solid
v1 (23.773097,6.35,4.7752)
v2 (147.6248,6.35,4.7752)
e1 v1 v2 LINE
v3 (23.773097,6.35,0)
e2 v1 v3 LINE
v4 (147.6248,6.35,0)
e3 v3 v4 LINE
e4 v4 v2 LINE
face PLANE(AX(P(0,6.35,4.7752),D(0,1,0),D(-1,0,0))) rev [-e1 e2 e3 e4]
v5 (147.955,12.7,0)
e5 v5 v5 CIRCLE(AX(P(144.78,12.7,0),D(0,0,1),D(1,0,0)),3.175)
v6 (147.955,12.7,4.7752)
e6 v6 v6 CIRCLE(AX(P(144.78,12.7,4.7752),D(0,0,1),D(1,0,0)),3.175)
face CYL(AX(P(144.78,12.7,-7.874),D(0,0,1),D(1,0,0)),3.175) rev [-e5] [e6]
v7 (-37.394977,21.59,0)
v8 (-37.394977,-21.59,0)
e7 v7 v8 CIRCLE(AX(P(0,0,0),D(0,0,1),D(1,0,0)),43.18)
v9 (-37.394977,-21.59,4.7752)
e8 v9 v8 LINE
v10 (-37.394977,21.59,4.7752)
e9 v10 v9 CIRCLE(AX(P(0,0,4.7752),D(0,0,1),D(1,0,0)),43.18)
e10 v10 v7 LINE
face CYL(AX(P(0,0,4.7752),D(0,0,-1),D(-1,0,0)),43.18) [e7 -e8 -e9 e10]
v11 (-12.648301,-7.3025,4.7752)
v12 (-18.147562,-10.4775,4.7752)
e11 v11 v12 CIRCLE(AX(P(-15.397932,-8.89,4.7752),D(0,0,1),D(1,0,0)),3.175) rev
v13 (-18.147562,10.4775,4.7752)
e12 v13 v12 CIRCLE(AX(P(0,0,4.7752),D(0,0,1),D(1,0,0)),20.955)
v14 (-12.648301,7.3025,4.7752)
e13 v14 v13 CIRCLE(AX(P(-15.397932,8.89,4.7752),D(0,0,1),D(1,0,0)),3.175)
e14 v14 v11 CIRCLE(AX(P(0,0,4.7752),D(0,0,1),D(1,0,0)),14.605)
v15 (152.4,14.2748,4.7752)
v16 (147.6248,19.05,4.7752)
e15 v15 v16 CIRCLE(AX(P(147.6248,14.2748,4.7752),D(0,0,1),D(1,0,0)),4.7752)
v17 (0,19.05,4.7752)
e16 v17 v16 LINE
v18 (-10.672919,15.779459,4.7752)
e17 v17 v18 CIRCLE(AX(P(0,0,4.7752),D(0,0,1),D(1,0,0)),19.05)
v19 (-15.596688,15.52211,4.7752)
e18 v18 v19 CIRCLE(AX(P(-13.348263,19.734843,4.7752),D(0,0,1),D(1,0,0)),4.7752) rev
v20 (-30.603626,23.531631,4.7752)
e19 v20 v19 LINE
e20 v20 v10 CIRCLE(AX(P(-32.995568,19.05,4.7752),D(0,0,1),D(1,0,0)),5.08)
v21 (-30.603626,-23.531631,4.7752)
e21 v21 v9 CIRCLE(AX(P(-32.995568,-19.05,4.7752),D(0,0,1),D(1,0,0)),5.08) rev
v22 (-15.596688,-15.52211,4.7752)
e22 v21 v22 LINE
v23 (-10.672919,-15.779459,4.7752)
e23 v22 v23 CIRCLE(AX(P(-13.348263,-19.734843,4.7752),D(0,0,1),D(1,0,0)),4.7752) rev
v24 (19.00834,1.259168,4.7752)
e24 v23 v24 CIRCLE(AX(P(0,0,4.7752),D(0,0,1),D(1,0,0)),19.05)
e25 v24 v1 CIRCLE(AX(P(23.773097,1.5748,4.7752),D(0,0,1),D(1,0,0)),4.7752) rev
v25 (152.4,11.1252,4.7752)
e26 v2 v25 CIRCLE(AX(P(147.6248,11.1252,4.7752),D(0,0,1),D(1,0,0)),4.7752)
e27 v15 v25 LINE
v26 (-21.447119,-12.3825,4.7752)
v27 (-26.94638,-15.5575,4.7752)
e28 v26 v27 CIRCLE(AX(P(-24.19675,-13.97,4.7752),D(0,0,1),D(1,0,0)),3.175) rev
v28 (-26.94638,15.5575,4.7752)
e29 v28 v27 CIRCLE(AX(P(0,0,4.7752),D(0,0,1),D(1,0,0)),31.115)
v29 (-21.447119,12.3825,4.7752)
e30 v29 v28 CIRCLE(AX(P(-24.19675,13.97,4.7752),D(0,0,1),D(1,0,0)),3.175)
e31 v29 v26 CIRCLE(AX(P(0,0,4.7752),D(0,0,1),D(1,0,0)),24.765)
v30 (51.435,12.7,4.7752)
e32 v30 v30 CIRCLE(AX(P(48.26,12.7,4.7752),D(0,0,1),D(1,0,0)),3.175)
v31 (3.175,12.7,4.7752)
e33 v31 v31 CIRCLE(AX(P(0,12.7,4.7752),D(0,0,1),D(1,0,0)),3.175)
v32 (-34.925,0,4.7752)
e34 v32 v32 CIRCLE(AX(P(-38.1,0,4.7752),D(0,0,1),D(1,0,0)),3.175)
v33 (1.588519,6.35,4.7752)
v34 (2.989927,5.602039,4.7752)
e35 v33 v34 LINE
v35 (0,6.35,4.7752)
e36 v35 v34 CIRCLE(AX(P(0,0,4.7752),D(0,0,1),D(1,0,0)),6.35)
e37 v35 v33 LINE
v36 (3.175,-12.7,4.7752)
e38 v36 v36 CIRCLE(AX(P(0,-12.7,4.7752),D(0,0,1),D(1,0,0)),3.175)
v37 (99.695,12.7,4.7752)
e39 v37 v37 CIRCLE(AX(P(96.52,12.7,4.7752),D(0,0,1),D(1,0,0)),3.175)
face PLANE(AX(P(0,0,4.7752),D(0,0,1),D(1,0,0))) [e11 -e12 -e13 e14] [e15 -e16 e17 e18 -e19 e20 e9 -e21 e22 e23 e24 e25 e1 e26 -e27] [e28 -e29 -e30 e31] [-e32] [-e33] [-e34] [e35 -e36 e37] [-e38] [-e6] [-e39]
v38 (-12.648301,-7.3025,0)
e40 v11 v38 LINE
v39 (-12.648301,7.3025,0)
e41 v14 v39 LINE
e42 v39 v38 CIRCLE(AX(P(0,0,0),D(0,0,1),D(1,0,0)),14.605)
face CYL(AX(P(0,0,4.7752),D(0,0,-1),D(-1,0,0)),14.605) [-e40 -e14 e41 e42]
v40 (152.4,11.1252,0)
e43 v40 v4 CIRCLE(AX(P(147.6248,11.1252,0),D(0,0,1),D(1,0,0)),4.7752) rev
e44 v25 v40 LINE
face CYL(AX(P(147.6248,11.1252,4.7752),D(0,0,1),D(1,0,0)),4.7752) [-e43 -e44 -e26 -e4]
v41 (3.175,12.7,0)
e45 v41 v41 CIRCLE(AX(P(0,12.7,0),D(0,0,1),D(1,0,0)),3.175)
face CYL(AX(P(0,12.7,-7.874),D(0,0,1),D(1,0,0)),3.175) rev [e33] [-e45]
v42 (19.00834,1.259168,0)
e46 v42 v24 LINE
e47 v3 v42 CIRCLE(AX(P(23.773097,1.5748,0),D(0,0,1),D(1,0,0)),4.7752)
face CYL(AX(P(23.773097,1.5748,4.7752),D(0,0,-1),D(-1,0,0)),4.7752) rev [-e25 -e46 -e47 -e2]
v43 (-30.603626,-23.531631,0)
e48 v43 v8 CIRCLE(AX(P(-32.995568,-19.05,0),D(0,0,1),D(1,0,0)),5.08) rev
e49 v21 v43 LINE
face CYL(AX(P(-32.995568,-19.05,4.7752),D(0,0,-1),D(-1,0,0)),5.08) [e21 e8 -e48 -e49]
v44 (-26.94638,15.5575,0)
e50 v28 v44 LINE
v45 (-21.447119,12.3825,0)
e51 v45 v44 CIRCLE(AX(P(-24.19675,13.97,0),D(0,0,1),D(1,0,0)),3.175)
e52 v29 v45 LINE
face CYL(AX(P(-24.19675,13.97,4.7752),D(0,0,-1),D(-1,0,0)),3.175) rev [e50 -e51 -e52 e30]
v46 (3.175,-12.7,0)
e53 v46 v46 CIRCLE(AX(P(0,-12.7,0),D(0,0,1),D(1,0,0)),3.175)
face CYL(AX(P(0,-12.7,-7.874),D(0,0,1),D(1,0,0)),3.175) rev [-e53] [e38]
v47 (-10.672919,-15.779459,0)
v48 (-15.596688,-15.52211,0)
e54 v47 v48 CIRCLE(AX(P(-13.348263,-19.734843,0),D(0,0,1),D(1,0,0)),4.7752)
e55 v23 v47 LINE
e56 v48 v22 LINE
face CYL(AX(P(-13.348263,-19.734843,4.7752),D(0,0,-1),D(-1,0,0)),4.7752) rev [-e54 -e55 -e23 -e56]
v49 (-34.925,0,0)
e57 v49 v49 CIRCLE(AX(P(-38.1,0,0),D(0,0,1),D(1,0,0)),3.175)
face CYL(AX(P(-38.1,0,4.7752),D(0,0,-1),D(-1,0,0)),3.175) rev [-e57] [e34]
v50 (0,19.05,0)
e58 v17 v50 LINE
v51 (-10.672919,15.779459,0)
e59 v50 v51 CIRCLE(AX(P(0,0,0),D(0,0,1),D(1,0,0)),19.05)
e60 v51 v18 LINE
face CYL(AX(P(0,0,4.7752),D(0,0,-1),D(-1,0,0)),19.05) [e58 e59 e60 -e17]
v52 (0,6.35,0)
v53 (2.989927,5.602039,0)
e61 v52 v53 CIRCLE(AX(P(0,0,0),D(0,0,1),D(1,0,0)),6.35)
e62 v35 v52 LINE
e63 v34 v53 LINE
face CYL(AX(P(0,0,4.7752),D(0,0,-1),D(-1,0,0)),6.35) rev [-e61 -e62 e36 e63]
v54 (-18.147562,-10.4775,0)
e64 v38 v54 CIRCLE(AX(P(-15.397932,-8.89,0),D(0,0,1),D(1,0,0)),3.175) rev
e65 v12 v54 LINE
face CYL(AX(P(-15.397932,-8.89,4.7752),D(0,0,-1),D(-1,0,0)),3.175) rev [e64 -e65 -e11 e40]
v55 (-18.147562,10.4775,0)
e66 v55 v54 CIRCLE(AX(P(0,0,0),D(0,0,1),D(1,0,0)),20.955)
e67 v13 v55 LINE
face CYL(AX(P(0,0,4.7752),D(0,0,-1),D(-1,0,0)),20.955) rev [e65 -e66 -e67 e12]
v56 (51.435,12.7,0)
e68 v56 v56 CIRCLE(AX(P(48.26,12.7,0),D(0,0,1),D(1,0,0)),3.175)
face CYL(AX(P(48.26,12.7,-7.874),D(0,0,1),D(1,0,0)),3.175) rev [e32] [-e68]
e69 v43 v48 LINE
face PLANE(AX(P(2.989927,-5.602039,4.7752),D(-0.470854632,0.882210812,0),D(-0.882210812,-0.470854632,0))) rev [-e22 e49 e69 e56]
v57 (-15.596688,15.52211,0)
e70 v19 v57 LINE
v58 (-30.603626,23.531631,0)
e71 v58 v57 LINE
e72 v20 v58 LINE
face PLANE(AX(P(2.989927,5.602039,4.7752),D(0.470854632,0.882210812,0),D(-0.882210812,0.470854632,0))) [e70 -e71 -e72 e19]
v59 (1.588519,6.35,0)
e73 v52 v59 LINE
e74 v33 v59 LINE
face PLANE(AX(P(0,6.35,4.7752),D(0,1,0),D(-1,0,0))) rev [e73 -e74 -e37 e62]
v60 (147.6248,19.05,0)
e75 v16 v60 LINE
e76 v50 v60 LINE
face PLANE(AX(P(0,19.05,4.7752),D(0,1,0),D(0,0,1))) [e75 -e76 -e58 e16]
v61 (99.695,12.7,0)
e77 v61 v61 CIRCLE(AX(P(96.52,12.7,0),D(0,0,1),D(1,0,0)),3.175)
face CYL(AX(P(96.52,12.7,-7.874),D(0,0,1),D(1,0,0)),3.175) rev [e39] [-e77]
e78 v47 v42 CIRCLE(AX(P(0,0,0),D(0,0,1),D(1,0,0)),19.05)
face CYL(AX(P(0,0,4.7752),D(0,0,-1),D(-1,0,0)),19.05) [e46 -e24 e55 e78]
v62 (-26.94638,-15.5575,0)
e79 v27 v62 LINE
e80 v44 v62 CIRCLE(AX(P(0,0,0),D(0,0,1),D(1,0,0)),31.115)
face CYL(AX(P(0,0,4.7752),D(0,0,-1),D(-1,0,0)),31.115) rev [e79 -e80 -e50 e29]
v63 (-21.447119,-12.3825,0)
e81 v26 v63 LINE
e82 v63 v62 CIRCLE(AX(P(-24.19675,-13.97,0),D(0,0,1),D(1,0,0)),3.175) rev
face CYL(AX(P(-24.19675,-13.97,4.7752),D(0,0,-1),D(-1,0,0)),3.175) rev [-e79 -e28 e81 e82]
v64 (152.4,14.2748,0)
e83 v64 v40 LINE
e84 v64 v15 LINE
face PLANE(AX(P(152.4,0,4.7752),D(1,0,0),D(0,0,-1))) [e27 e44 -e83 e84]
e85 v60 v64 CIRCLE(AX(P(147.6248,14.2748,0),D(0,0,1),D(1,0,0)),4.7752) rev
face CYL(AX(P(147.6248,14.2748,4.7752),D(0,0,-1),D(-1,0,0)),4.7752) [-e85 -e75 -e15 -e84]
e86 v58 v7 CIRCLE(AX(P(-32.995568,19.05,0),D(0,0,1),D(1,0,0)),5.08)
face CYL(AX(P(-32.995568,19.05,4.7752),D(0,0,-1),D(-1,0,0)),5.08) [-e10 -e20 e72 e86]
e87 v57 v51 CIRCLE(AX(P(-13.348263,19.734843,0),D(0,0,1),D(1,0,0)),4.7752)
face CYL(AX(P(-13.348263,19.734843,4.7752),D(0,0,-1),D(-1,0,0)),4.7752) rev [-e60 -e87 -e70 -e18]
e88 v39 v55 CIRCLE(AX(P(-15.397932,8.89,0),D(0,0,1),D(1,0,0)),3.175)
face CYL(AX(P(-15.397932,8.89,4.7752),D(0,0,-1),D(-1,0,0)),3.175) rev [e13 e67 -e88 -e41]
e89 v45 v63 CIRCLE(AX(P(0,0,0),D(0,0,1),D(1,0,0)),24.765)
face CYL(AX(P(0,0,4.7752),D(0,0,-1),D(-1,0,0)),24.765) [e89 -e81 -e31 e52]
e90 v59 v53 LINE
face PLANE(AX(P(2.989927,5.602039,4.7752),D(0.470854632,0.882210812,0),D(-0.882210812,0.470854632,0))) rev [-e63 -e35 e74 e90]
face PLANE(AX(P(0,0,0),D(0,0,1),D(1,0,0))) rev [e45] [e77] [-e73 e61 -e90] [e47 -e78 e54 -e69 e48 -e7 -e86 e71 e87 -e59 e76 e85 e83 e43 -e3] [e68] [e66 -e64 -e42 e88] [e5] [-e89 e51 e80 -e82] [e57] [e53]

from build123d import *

# Parameters (mm, degrees)
SKETCH1_R           = 3.175
BOSS_EXTRUDE1_DEPTH = 4.7752
FILLET1_R           = 4.7752
SKETCH2_R           = 3.175
CUT_EXTRUDE2_DEPTH  = 12.6492


with BuildPart() as part:
    # Sketch1 → Boss-Extrude1 (new body)
    with BuildSketch(Plane.XY):
        with BuildLine():
            ThreePointArc((-37.394976935, 21.59), (-43.18, 0), (-37.394976935, -21.59))
            ThreePointArc((-37.394976935, -21.59), (-34.391979043, -23.934305056), (-30.603626356, -23.531630922))
            Line((-30.603626356, -23.531630922), (-12.85503117, -14.058829027))
            ThreePointArc((-12.85503117, -14.058829027), (10.51886685, -15.882567179), (17.960512242, 6.35))
            Line((17.960512242, 6.35), (152.4, 6.35))
            Line((152.4, 6.35), (152.4, 19.05))
            Line((152.4, 19.05), (0, 19.05))
            ThreePointArc((0, 19.05), (-6.89499119, 17.758423255), (-12.85503117, 14.058829027))
            Line((-12.85503117, 14.058829027), (-30.603626356, 23.531630922))
            ThreePointArc((-30.603626356, 23.531630922), (-34.391979043, 23.934305056), (-37.394976935, 21.59))
        make_face()
        with BuildLine():
            ThreePointArc((2.98992691, 5.602038653), (-1.541031238, -6.160172297), (0, 6.35))
            Line((0, 6.35), (1.588518614, 6.35))
            Line((1.588518614, 6.35), (2.98992691, 5.602038653))
        make_face(mode=Mode.SUBTRACT)
        with Locations((-38.1, 0)):
            Circle(SKETCH1_R, mode=Mode.SUBTRACT)
        with BuildLine():
            ThreePointArc((-26.946380439, -15.5575), (-31.115, 0), (-26.946380439, 15.5575))
            ThreePointArc((-26.946380439, 15.5575), (-22.609249782, 16.719630657), (-21.447119125, 12.3825))
            ThreePointArc((-21.447119125, 12.3825), (-24.765, 0), (-21.447119125, -12.3825))
            ThreePointArc((-21.447119125, -12.3825), (-22.609249782, -16.719630657), (-26.946380439, -15.5575))
        make_face(mode=Mode.SUBTRACT)
        with BuildLine():
            ThreePointArc((-18.147562336, -10.4775), (-20.955, 0), (-18.147562336, 10.4775))
            ThreePointArc((-18.147562336, 10.4775), (-13.810431679, 11.639630657), (-12.648301022, 7.3025))
            ThreePointArc((-12.648301022, 7.3025), (-14.605, 0), (-12.648301022, -7.3025))
            ThreePointArc((-12.648301022, -7.3025), (-13.810431679, -11.639630657), (-18.147562336, -10.4775))
        make_face(mode=Mode.SUBTRACT)
    extrude(amount=BOSS_EXTRUDE1_DEPTH)

    # Fillet1
    fillet1_edges = [part.edges().sort_by_distance(p)[0] for p in [
        (-12.85503117, 14.058829027, 2.3876),
        (152.4, 19.05, 2.3876),
        (152.4, 6.35, 2.3876),
        (17.960512242, 6.35, 2.3876),
        (-12.85503117, -14.058829027, 2.3876),
    ]]
    fillet(fillet1_edges, radius=FILLET1_R)

    # Sketch2 → Cut-Extrude2 (cut)
    with BuildSketch(Plane.XY.offset(4.7752)):
        with Locations((0, 12.7)):
            Circle(SKETCH2_R)
        with Locations((0, -12.7)):
            Circle(SKETCH2_R)
        with Locations((48.26, 12.7)):
            Circle(SKETCH2_R)
        with Locations((96.52, 12.7)):
            Circle(SKETCH2_R)
        with Locations((144.78, 12.7)):
            Circle(SKETCH2_R)
    extrude(amount=-CUT_EXTRUDE2_DEPTH, mode=Mode.SUBTRACT)


solid = part.part
